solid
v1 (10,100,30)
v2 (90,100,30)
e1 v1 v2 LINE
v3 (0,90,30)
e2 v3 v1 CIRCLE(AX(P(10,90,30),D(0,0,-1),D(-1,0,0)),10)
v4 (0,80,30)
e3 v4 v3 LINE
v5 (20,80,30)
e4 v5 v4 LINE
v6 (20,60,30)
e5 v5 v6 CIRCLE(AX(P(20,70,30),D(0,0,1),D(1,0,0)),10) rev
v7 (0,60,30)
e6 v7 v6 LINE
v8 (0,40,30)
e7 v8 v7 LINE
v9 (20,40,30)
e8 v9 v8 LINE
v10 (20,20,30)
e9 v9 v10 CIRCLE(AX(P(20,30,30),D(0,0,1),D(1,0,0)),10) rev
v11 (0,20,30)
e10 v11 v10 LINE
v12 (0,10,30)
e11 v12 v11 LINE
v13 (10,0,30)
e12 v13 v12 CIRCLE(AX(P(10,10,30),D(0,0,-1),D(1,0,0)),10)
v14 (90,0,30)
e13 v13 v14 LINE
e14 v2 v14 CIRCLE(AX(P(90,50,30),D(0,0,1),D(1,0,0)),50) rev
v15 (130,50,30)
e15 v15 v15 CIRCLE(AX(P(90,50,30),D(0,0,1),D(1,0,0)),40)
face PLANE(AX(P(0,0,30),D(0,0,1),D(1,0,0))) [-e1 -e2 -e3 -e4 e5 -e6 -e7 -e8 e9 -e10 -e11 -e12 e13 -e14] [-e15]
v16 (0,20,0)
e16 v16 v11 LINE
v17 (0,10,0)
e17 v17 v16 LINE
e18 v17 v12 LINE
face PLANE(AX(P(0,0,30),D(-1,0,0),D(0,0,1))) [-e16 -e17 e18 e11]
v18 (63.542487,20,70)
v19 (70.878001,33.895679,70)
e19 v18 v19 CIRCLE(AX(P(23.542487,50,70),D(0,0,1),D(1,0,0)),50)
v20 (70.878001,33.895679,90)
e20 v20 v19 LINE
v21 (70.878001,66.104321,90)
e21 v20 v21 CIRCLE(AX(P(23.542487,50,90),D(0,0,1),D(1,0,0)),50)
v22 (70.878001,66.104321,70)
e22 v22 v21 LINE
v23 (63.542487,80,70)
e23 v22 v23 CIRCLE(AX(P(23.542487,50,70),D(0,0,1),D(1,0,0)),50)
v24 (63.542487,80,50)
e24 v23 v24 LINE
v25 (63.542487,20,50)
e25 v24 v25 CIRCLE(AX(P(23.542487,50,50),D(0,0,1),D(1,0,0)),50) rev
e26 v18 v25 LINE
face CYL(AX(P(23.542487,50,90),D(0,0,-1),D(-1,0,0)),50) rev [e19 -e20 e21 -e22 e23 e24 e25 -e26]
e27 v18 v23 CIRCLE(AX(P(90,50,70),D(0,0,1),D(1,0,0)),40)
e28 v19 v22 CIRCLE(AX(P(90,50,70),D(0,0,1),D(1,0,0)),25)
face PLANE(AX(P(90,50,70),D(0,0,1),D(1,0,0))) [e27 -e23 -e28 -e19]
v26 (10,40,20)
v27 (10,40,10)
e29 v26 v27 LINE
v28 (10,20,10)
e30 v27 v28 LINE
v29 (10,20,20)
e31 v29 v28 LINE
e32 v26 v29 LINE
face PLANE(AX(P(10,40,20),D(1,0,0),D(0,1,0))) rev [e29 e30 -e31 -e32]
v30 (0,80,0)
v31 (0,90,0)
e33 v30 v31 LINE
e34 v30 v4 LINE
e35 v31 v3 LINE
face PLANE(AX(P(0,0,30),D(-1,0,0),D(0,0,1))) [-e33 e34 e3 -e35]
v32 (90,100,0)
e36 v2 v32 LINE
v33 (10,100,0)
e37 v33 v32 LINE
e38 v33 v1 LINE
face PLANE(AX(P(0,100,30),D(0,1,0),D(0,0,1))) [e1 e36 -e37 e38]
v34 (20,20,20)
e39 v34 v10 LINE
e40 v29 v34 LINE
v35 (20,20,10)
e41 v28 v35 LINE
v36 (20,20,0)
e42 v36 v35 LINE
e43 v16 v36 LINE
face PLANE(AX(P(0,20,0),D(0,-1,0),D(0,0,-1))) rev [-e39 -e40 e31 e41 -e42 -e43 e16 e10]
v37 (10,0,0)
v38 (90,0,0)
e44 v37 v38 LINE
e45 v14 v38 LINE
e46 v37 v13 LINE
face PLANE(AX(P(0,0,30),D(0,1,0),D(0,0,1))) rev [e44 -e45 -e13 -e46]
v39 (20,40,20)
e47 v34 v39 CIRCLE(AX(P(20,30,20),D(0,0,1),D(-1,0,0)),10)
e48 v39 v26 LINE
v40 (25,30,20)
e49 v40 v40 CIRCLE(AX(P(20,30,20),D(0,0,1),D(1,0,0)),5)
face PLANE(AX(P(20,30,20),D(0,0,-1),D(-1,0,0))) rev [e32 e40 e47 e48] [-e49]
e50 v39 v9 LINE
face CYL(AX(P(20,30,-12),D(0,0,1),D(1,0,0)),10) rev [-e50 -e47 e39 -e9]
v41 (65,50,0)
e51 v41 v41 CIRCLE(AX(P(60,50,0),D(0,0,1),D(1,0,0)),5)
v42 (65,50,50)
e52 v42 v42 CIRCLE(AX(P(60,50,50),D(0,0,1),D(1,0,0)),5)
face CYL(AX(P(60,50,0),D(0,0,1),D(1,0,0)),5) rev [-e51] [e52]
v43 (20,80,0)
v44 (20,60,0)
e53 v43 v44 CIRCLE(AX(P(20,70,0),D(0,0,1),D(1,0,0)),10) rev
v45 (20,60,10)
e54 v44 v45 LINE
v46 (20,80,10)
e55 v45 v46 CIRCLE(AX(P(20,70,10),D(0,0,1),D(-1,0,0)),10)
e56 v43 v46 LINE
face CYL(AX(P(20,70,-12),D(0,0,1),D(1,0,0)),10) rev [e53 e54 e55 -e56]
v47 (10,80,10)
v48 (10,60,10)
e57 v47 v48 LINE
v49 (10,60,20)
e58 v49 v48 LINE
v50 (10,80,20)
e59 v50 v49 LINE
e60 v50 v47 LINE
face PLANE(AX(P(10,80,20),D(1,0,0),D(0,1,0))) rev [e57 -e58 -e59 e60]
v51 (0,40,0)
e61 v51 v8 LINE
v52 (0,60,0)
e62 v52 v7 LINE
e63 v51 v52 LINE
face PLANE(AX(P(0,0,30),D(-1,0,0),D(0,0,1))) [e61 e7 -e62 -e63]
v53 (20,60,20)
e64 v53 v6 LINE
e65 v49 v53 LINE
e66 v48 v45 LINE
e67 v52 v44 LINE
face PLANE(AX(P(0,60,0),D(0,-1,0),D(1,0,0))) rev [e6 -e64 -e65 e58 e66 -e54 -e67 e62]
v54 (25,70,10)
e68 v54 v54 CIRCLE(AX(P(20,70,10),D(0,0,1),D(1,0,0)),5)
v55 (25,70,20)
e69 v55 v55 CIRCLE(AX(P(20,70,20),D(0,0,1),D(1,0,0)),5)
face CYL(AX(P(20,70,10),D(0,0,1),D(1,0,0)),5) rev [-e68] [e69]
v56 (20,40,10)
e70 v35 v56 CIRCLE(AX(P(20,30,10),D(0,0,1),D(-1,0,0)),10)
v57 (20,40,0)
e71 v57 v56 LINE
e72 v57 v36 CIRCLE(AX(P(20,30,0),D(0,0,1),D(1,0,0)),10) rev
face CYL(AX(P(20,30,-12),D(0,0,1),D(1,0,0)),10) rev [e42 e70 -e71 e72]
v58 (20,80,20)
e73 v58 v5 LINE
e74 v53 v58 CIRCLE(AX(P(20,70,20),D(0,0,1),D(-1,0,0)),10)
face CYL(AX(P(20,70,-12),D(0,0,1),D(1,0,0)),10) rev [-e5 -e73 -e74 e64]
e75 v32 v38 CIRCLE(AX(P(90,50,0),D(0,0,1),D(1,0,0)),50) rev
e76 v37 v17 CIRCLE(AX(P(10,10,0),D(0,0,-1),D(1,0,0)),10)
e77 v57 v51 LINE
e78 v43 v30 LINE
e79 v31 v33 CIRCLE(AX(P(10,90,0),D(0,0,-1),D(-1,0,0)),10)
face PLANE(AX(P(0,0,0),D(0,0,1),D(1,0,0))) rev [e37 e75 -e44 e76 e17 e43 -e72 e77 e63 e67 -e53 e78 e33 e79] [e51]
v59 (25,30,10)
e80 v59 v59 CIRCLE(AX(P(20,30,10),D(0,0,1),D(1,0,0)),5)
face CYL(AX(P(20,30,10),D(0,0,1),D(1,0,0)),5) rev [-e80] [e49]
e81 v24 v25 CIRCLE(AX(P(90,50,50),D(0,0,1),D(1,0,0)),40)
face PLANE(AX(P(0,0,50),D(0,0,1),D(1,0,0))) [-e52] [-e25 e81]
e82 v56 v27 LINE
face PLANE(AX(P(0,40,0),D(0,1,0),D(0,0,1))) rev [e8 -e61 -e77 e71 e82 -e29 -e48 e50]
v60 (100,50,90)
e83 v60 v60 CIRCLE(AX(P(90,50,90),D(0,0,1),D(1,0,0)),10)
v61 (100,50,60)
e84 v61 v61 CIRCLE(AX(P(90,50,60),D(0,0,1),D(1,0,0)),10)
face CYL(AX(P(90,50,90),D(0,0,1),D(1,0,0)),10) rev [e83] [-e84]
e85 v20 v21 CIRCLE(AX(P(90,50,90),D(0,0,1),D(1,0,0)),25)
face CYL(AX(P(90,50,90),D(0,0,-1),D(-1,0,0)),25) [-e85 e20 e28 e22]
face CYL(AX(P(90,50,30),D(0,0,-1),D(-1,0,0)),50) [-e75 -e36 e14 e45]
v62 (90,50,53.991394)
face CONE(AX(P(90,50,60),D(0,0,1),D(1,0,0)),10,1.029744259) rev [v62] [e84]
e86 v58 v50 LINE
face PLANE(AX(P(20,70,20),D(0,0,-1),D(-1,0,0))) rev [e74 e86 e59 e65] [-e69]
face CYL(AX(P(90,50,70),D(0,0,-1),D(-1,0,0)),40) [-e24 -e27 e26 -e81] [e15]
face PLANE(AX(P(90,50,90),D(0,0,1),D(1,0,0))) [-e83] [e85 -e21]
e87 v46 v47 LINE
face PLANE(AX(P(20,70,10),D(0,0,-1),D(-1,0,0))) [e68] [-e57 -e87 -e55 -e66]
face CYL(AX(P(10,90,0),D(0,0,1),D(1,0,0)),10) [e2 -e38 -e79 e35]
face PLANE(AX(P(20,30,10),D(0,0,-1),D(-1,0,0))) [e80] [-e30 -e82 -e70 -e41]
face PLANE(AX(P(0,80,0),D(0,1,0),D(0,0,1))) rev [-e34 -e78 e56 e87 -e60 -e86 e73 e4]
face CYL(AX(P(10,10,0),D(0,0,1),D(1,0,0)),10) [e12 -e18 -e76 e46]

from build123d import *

# Parameters (mm, degrees)
BOSS_EXTRUDE1_DEPTH        = 30
SKETCH2_W                  = 10
SKETCH2_H                  = 20
CUT_EXTRUDE1_DEPTH         = 30
SKETCH3_R                  = 40
BOSS_EXTRUDE2_DEPTH        = 40
SKETCH4_R                  = 25
BOSS_EXTRUDE3_DEPTH        = 20
CUT_EXTRUDE2_DEPTH         = 42
CUT_EXTRUDE3_DEPTH         = 42
BOSS_EXTRUDE4_START        = 10
BOSS_EXTRUDE4_DEPTH        = 10
BOSS_EXTRUDE5_START        = 10
BOSS_EXTRUDE5_DEPTH        = 10
SKETCH9_R                  = 5
CUT_EXTRUDE4_DEPTH         = 10
CUT_EXTRUDE5_DEPTH         = 20
CUT_EXTRUDE5_DEPTH_BACK    = 20
SKETCH11_R                 = 5
CUT_EXTRUDE6_DEPTH         = 50
F_20_0MM_DOWEL_HOLE1_D     = 20
F_20_0MM_DOWEL_HOLE1_DEPTH = 30
F_20_0MM_DOWEL_HOLE1_TIP   = 6.00860619


with BuildPart() as part:
    # Sketch1 → Boss-Extrude1 (new body)
    with BuildSketch(Plane.XY):
        with BuildLine():
            Line((0, 100), (0, 0))
            Line((0, 0), (90, 0))
            ThreePointArc((90, 0), (140, 50), (90, 100))
            Line((90, 100), (0, 100))
        make_face()
    extrude(amount=BOSS_EXTRUDE1_DEPTH)

    # Sketch2 → Cut-Extrude1 (cut)
    with BuildSketch(Plane.XY.offset(30)):
        with BuildLine():
            Line((0, 90), (0, 100))
            Line((0, 100), (10, 100))
            ThreePointArc((10, 100), (2.928932188, 97.071067812), (0, 90))
        make_face()
        with BuildLine():
            Line((0, 10), (0, 0))
            Line((0, 0), (10, 0))
            ThreePointArc((10, 0), (2.928932188, 2.928932188), (0, 10))
        make_face()
        with Locations((5, 70)):
            Rectangle(SKETCH2_W, SKETCH2_H)
        with Locations((5, 30)):
            Rectangle(SKETCH2_W, SKETCH2_H)
    extrude(amount=-CUT_EXTRUDE1_DEPTH, mode=Mode.SUBTRACT)

    # Sketch3 → Boss-Extrude2 (add)
    with BuildSketch(Plane.XY.offset(30)):
        with Locations((90, 50)):
            Circle(SKETCH3_R)
    extrude(amount=BOSS_EXTRUDE2_DEPTH)

    # Sketch4 → Boss-Extrude3 (add)
    with BuildSketch(Plane.XY.offset(70)):
        with Locations((90, 50)):
            Circle(SKETCH4_R)
    extrude(amount=BOSS_EXTRUDE3_DEPTH)

    # Sketch5 → Cut-Extrude2 (cut)
    with BuildSketch(Plane.XY.offset(30)):
        with BuildLine():
            Line((20, 80), (10, 80))
            Line((10, 80), (10, 60))
            Line((10, 60), (20, 60))
            ThreePointArc((20, 60), (30, 70), (20, 80))
        make_face()
    extrude(amount=-CUT_EXTRUDE2_DEPTH, mode=Mode.SUBTRACT)

    # Sketch6 → Cut-Extrude3 (cut)
    with BuildSketch(Plane.XY.offset(30)):
        with BuildLine():
            Line((20, 40), (10, 40))
            Line((10, 40), (10, 20))
            Line((10, 20), (20, 20))
            ThreePointArc((20, 20), (30, 30), (20, 40))
        make_face()
    extrude(amount=-CUT_EXTRUDE3_DEPTH, mode=Mode.SUBTRACT)

    # Sketch7 → Boss-Extrude4 (add)
    with BuildSketch(Plane.XY.offset(10).offset(BOSS_EXTRUDE4_START)):
        with BuildLine():
            Line((10, 80), (10, 60))
            Line((10, 60), (20, 60))
            ThreePointArc((20, 60), (30, 70), (20, 80))
            Line((20, 80), (10, 80))
        make_face()
    extrude(amount=-BOSS_EXTRUDE4_DEPTH)

    # Sketch8 → Boss-Extrude5 (add)
    with BuildSketch(Plane.XY.offset(10).offset(BOSS_EXTRUDE5_START)):
        with BuildLine():
            Line((10, 40), (10, 20))
            Line((10, 20), (20, 20))
            ThreePointArc((20, 20), (30, 30), (20, 40))
            Line((20, 40), (10, 40))
        make_face()
    extrude(amount=-BOSS_EXTRUDE5_DEPTH)

    # Sketch9 → Cut-Extrude4 (cut)
    with BuildSketch(Plane.XY.offset(20)):
        with Locations((20, 70)):
            Circle(SKETCH9_R)
        with Locations((20, 30)):
            Circle(SKETCH9_R)
    extrude(amount=-CUT_EXTRUDE4_DEPTH, mode=Mode.SUBTRACT)

    # Sketch10 → Cut-Extrude5 (cut, two sides: drawn at the far end of the back side and taken through both)
    with BuildSketch(Plane.XY.offset(70).offset(-CUT_EXTRUDE5_DEPTH_BACK)):
        with BuildLine():
            ThreePointArc((63.542486889, 80), (50, 50), (63.542486889, 20))
            ThreePointArc((63.542486889, 20), (73.542486889, 50), (63.542486889, 80))
        make_face()
    extrude(amount=CUT_EXTRUDE5_DEPTH + CUT_EXTRUDE5_DEPTH_BACK, mode=Mode.SUBTRACT)

    # Sketch11 → Cut-Extrude6 (cut)
    with BuildSketch(Plane.XY.offset(50)):
        with Locations((60, 50)):
            Circle(SKETCH11_R)
    extrude(amount=-CUT_EXTRUDE6_DEPTH, mode=Mode.SUBTRACT)

    # Ø20.0mm Dowel Hole1
    with Locations(Plane(origin=(90, 50, 90), x_dir=(1, 0, 0), z_dir=(0, 0, 1))):
        with Locations((0, 0)):
            Hole(F_20_0MM_DOWEL_HOLE1_D / 2, depth=F_20_0MM_DOWEL_HOLE1_DEPTH)
            with Locations((0, 0, -(F_20_0MM_DOWEL_HOLE1_DEPTH + F_20_0MM_DOWEL_HOLE1_TIP / 2))):  # 118° drill point
                Cone(0, F_20_0MM_DOWEL_HOLE1_D / 2, F_20_0MM_DOWEL_HOLE1_TIP, mode=Mode.SUBTRACT)


solid = part.part
